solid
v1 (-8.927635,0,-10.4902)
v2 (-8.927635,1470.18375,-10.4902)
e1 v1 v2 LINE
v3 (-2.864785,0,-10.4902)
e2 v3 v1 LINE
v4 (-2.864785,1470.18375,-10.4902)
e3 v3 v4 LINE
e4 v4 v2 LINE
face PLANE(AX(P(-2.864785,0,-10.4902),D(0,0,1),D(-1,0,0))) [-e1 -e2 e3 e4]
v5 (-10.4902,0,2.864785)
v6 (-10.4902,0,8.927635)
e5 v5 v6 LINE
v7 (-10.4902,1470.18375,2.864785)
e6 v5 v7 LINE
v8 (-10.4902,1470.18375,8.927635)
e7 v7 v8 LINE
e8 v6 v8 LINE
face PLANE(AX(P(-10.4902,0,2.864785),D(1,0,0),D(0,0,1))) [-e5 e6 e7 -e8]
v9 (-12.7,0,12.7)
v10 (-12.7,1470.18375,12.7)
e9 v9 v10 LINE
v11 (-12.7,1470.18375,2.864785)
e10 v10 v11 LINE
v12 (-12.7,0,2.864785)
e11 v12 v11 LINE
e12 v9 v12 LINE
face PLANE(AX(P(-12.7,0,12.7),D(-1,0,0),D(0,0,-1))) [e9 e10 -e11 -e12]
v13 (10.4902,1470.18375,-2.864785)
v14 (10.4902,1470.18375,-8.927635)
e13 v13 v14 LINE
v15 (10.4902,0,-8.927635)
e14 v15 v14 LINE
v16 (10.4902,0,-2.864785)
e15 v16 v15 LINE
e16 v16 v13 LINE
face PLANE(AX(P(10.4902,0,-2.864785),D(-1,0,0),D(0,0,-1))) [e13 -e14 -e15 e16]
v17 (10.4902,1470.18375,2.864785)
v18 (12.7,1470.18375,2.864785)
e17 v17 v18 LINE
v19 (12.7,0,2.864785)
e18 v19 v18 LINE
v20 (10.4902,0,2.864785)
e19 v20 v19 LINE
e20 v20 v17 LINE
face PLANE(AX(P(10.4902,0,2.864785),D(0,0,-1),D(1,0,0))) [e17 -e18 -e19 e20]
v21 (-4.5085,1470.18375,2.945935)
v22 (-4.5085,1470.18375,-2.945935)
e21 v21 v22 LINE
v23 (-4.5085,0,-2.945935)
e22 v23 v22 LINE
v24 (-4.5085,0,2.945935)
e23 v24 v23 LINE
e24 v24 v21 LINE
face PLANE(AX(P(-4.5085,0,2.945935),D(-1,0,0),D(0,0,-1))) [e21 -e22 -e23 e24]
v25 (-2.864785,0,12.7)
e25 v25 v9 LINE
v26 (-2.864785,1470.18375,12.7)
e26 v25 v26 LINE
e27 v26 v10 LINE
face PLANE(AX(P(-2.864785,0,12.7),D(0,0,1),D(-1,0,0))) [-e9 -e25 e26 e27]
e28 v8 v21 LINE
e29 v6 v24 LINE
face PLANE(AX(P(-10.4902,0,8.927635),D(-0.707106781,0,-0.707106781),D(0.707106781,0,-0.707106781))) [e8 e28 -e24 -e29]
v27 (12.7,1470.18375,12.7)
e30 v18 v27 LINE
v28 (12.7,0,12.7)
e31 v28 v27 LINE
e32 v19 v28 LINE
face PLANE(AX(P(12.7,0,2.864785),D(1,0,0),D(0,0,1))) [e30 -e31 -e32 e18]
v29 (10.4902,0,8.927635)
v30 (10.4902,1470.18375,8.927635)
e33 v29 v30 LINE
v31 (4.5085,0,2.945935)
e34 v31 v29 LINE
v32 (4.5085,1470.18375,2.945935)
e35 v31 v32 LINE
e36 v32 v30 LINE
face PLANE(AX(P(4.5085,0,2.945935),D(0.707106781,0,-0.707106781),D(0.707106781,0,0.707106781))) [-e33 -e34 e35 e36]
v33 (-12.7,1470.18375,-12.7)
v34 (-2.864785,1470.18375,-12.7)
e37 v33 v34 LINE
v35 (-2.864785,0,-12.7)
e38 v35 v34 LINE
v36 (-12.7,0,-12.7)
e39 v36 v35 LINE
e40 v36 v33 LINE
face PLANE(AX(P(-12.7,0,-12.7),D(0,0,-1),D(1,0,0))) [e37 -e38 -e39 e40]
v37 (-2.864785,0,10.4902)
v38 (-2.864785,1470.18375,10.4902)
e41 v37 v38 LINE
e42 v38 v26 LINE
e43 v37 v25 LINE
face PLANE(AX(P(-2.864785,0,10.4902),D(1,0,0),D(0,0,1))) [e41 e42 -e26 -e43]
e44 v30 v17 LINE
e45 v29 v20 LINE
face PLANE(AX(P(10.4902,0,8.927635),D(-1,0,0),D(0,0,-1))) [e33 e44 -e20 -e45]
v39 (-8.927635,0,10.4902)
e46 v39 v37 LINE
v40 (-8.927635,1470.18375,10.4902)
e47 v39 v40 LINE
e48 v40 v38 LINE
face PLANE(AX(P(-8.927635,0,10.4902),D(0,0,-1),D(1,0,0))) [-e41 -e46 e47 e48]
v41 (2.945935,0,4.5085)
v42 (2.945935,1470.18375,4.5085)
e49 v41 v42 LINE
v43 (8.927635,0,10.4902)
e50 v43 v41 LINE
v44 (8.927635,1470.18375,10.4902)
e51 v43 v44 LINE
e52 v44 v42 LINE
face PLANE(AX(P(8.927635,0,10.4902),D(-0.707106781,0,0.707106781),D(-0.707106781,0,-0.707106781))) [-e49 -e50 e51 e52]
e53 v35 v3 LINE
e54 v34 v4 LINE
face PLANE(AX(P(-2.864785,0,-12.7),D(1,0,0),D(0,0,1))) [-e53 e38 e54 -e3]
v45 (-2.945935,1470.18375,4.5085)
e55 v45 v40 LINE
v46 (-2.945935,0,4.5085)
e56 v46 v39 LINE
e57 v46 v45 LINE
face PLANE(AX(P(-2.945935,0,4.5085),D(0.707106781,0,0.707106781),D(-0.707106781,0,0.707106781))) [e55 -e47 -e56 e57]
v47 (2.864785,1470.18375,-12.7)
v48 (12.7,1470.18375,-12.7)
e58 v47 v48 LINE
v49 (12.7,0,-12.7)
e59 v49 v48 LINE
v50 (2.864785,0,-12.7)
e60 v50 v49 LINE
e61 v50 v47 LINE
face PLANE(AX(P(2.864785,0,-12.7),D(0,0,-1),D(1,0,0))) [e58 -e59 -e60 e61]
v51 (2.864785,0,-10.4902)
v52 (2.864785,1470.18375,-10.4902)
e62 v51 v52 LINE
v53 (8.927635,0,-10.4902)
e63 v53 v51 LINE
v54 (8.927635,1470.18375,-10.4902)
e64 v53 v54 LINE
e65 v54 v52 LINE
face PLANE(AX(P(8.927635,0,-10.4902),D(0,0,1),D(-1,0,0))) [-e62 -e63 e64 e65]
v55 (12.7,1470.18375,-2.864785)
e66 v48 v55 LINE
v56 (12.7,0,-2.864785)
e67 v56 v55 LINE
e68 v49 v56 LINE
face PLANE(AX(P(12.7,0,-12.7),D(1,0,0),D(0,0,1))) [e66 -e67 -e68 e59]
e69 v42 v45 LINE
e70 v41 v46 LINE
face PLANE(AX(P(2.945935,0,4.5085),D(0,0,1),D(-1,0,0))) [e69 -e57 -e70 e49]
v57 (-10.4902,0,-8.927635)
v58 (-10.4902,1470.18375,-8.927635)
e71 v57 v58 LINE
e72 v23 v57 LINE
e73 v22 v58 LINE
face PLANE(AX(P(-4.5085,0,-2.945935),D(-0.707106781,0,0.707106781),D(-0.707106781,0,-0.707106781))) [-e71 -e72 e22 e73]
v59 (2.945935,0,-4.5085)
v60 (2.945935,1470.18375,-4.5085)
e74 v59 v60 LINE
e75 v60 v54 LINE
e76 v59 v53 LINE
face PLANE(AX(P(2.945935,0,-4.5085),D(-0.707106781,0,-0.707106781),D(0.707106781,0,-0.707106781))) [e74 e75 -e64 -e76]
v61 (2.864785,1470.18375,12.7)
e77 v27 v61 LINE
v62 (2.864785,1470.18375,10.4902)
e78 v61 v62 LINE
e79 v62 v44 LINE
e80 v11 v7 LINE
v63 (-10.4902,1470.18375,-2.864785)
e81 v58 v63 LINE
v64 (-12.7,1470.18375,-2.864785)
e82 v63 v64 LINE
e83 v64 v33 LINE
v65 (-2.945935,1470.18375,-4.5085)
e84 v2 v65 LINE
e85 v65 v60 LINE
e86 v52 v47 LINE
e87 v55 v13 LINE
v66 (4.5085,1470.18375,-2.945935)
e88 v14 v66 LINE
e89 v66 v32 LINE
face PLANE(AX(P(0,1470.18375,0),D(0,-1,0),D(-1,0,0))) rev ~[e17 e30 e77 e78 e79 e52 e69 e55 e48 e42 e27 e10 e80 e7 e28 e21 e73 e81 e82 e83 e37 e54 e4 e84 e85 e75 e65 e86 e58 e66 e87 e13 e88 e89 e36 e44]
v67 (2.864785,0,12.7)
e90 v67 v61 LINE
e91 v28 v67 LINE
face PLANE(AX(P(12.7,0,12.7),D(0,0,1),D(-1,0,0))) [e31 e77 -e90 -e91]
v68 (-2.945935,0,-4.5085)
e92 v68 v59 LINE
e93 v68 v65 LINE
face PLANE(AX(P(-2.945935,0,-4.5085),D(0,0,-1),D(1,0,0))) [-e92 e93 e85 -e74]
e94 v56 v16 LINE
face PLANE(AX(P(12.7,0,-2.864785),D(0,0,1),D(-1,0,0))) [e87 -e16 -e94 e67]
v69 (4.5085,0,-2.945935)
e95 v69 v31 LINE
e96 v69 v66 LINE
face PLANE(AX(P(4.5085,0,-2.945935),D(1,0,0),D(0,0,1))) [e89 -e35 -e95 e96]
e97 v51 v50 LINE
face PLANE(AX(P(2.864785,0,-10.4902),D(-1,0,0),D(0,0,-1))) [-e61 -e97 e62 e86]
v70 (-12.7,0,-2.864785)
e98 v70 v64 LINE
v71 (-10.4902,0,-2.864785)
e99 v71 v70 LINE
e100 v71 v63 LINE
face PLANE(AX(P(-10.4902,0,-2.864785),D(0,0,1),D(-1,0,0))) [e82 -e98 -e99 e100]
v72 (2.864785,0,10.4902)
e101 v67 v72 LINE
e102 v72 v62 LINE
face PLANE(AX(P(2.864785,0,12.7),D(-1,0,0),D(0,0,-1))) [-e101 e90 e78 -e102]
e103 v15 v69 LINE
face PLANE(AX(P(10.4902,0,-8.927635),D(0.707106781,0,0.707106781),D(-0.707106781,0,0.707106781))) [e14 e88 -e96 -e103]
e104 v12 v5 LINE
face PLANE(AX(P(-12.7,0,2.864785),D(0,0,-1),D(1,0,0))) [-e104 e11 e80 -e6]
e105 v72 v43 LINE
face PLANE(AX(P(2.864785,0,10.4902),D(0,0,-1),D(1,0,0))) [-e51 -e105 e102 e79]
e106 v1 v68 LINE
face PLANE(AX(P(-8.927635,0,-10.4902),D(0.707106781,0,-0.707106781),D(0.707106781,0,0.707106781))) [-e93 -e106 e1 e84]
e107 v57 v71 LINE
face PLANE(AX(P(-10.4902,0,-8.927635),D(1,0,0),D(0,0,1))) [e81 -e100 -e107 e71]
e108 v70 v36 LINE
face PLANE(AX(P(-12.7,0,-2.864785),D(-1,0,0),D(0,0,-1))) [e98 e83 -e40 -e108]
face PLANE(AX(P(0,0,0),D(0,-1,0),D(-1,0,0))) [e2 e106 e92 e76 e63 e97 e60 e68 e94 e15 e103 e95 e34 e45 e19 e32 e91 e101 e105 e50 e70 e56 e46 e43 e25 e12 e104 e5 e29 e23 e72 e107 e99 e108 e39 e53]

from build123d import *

# Parameters (mm, degrees)
BOSS_EXTRUDE1_DEPTH = 1470.18375


with BuildPart() as part:
    # Sketch1 → Boss-Extrude1 (new body)
    with BuildSketch(Plane(origin=(11.365010382, 0, 9.846206226), x_dir=(1, 0, 0), z_dir=(0, 1, 0))):
        Polygon((-24.065010382, 22.546206226), (-14.229795365, 22.546206226), (-14.229795365, 20.336406226), (-20.292645817, 20.336406226), (-14.310945817, 14.354706226), (-8.419074947, 14.354706226), (-2.437374947, 20.336406226), (-8.5002254, 20.336406226), (-8.5002254, 22.546206226), (1.334989618, 22.546206226), (1.334989618, 12.710991208), (-0.874810382, 12.710991208), (-0.874810382, 18.773841661), (-6.856510382, 12.792141661), (-6.856510382, 6.900270791), (-0.874810382, 0.918570791), (-0.874810382, 6.981421243), (1.334989618, 6.981421243), (1.334989618, -2.853793774), (-8.5002254, -2.853793774), (-8.5002254, -0.643993774), (-2.437374947, -0.643993774), (-8.419074947, 5.337706226), (-14.310945817, 5.337706226), (-20.292645817, -0.643993774), (-14.229795365, -0.643993774), (-14.229795365, -2.853793774), (-24.065010382, -2.853793774), (-24.065010382, 6.981421243), (-21.855210382, 6.981421243), (-21.855210382, 0.918570791), (-15.873510382, 6.900270791), (-15.873510382, 12.792141661), (-21.855210382, 18.773841661), (-21.855210382, 12.710991208), (-24.065010382, 12.710991208), align=None)
    extrude(amount=BOSS_EXTRUDE1_DEPTH)


solid = part.part
